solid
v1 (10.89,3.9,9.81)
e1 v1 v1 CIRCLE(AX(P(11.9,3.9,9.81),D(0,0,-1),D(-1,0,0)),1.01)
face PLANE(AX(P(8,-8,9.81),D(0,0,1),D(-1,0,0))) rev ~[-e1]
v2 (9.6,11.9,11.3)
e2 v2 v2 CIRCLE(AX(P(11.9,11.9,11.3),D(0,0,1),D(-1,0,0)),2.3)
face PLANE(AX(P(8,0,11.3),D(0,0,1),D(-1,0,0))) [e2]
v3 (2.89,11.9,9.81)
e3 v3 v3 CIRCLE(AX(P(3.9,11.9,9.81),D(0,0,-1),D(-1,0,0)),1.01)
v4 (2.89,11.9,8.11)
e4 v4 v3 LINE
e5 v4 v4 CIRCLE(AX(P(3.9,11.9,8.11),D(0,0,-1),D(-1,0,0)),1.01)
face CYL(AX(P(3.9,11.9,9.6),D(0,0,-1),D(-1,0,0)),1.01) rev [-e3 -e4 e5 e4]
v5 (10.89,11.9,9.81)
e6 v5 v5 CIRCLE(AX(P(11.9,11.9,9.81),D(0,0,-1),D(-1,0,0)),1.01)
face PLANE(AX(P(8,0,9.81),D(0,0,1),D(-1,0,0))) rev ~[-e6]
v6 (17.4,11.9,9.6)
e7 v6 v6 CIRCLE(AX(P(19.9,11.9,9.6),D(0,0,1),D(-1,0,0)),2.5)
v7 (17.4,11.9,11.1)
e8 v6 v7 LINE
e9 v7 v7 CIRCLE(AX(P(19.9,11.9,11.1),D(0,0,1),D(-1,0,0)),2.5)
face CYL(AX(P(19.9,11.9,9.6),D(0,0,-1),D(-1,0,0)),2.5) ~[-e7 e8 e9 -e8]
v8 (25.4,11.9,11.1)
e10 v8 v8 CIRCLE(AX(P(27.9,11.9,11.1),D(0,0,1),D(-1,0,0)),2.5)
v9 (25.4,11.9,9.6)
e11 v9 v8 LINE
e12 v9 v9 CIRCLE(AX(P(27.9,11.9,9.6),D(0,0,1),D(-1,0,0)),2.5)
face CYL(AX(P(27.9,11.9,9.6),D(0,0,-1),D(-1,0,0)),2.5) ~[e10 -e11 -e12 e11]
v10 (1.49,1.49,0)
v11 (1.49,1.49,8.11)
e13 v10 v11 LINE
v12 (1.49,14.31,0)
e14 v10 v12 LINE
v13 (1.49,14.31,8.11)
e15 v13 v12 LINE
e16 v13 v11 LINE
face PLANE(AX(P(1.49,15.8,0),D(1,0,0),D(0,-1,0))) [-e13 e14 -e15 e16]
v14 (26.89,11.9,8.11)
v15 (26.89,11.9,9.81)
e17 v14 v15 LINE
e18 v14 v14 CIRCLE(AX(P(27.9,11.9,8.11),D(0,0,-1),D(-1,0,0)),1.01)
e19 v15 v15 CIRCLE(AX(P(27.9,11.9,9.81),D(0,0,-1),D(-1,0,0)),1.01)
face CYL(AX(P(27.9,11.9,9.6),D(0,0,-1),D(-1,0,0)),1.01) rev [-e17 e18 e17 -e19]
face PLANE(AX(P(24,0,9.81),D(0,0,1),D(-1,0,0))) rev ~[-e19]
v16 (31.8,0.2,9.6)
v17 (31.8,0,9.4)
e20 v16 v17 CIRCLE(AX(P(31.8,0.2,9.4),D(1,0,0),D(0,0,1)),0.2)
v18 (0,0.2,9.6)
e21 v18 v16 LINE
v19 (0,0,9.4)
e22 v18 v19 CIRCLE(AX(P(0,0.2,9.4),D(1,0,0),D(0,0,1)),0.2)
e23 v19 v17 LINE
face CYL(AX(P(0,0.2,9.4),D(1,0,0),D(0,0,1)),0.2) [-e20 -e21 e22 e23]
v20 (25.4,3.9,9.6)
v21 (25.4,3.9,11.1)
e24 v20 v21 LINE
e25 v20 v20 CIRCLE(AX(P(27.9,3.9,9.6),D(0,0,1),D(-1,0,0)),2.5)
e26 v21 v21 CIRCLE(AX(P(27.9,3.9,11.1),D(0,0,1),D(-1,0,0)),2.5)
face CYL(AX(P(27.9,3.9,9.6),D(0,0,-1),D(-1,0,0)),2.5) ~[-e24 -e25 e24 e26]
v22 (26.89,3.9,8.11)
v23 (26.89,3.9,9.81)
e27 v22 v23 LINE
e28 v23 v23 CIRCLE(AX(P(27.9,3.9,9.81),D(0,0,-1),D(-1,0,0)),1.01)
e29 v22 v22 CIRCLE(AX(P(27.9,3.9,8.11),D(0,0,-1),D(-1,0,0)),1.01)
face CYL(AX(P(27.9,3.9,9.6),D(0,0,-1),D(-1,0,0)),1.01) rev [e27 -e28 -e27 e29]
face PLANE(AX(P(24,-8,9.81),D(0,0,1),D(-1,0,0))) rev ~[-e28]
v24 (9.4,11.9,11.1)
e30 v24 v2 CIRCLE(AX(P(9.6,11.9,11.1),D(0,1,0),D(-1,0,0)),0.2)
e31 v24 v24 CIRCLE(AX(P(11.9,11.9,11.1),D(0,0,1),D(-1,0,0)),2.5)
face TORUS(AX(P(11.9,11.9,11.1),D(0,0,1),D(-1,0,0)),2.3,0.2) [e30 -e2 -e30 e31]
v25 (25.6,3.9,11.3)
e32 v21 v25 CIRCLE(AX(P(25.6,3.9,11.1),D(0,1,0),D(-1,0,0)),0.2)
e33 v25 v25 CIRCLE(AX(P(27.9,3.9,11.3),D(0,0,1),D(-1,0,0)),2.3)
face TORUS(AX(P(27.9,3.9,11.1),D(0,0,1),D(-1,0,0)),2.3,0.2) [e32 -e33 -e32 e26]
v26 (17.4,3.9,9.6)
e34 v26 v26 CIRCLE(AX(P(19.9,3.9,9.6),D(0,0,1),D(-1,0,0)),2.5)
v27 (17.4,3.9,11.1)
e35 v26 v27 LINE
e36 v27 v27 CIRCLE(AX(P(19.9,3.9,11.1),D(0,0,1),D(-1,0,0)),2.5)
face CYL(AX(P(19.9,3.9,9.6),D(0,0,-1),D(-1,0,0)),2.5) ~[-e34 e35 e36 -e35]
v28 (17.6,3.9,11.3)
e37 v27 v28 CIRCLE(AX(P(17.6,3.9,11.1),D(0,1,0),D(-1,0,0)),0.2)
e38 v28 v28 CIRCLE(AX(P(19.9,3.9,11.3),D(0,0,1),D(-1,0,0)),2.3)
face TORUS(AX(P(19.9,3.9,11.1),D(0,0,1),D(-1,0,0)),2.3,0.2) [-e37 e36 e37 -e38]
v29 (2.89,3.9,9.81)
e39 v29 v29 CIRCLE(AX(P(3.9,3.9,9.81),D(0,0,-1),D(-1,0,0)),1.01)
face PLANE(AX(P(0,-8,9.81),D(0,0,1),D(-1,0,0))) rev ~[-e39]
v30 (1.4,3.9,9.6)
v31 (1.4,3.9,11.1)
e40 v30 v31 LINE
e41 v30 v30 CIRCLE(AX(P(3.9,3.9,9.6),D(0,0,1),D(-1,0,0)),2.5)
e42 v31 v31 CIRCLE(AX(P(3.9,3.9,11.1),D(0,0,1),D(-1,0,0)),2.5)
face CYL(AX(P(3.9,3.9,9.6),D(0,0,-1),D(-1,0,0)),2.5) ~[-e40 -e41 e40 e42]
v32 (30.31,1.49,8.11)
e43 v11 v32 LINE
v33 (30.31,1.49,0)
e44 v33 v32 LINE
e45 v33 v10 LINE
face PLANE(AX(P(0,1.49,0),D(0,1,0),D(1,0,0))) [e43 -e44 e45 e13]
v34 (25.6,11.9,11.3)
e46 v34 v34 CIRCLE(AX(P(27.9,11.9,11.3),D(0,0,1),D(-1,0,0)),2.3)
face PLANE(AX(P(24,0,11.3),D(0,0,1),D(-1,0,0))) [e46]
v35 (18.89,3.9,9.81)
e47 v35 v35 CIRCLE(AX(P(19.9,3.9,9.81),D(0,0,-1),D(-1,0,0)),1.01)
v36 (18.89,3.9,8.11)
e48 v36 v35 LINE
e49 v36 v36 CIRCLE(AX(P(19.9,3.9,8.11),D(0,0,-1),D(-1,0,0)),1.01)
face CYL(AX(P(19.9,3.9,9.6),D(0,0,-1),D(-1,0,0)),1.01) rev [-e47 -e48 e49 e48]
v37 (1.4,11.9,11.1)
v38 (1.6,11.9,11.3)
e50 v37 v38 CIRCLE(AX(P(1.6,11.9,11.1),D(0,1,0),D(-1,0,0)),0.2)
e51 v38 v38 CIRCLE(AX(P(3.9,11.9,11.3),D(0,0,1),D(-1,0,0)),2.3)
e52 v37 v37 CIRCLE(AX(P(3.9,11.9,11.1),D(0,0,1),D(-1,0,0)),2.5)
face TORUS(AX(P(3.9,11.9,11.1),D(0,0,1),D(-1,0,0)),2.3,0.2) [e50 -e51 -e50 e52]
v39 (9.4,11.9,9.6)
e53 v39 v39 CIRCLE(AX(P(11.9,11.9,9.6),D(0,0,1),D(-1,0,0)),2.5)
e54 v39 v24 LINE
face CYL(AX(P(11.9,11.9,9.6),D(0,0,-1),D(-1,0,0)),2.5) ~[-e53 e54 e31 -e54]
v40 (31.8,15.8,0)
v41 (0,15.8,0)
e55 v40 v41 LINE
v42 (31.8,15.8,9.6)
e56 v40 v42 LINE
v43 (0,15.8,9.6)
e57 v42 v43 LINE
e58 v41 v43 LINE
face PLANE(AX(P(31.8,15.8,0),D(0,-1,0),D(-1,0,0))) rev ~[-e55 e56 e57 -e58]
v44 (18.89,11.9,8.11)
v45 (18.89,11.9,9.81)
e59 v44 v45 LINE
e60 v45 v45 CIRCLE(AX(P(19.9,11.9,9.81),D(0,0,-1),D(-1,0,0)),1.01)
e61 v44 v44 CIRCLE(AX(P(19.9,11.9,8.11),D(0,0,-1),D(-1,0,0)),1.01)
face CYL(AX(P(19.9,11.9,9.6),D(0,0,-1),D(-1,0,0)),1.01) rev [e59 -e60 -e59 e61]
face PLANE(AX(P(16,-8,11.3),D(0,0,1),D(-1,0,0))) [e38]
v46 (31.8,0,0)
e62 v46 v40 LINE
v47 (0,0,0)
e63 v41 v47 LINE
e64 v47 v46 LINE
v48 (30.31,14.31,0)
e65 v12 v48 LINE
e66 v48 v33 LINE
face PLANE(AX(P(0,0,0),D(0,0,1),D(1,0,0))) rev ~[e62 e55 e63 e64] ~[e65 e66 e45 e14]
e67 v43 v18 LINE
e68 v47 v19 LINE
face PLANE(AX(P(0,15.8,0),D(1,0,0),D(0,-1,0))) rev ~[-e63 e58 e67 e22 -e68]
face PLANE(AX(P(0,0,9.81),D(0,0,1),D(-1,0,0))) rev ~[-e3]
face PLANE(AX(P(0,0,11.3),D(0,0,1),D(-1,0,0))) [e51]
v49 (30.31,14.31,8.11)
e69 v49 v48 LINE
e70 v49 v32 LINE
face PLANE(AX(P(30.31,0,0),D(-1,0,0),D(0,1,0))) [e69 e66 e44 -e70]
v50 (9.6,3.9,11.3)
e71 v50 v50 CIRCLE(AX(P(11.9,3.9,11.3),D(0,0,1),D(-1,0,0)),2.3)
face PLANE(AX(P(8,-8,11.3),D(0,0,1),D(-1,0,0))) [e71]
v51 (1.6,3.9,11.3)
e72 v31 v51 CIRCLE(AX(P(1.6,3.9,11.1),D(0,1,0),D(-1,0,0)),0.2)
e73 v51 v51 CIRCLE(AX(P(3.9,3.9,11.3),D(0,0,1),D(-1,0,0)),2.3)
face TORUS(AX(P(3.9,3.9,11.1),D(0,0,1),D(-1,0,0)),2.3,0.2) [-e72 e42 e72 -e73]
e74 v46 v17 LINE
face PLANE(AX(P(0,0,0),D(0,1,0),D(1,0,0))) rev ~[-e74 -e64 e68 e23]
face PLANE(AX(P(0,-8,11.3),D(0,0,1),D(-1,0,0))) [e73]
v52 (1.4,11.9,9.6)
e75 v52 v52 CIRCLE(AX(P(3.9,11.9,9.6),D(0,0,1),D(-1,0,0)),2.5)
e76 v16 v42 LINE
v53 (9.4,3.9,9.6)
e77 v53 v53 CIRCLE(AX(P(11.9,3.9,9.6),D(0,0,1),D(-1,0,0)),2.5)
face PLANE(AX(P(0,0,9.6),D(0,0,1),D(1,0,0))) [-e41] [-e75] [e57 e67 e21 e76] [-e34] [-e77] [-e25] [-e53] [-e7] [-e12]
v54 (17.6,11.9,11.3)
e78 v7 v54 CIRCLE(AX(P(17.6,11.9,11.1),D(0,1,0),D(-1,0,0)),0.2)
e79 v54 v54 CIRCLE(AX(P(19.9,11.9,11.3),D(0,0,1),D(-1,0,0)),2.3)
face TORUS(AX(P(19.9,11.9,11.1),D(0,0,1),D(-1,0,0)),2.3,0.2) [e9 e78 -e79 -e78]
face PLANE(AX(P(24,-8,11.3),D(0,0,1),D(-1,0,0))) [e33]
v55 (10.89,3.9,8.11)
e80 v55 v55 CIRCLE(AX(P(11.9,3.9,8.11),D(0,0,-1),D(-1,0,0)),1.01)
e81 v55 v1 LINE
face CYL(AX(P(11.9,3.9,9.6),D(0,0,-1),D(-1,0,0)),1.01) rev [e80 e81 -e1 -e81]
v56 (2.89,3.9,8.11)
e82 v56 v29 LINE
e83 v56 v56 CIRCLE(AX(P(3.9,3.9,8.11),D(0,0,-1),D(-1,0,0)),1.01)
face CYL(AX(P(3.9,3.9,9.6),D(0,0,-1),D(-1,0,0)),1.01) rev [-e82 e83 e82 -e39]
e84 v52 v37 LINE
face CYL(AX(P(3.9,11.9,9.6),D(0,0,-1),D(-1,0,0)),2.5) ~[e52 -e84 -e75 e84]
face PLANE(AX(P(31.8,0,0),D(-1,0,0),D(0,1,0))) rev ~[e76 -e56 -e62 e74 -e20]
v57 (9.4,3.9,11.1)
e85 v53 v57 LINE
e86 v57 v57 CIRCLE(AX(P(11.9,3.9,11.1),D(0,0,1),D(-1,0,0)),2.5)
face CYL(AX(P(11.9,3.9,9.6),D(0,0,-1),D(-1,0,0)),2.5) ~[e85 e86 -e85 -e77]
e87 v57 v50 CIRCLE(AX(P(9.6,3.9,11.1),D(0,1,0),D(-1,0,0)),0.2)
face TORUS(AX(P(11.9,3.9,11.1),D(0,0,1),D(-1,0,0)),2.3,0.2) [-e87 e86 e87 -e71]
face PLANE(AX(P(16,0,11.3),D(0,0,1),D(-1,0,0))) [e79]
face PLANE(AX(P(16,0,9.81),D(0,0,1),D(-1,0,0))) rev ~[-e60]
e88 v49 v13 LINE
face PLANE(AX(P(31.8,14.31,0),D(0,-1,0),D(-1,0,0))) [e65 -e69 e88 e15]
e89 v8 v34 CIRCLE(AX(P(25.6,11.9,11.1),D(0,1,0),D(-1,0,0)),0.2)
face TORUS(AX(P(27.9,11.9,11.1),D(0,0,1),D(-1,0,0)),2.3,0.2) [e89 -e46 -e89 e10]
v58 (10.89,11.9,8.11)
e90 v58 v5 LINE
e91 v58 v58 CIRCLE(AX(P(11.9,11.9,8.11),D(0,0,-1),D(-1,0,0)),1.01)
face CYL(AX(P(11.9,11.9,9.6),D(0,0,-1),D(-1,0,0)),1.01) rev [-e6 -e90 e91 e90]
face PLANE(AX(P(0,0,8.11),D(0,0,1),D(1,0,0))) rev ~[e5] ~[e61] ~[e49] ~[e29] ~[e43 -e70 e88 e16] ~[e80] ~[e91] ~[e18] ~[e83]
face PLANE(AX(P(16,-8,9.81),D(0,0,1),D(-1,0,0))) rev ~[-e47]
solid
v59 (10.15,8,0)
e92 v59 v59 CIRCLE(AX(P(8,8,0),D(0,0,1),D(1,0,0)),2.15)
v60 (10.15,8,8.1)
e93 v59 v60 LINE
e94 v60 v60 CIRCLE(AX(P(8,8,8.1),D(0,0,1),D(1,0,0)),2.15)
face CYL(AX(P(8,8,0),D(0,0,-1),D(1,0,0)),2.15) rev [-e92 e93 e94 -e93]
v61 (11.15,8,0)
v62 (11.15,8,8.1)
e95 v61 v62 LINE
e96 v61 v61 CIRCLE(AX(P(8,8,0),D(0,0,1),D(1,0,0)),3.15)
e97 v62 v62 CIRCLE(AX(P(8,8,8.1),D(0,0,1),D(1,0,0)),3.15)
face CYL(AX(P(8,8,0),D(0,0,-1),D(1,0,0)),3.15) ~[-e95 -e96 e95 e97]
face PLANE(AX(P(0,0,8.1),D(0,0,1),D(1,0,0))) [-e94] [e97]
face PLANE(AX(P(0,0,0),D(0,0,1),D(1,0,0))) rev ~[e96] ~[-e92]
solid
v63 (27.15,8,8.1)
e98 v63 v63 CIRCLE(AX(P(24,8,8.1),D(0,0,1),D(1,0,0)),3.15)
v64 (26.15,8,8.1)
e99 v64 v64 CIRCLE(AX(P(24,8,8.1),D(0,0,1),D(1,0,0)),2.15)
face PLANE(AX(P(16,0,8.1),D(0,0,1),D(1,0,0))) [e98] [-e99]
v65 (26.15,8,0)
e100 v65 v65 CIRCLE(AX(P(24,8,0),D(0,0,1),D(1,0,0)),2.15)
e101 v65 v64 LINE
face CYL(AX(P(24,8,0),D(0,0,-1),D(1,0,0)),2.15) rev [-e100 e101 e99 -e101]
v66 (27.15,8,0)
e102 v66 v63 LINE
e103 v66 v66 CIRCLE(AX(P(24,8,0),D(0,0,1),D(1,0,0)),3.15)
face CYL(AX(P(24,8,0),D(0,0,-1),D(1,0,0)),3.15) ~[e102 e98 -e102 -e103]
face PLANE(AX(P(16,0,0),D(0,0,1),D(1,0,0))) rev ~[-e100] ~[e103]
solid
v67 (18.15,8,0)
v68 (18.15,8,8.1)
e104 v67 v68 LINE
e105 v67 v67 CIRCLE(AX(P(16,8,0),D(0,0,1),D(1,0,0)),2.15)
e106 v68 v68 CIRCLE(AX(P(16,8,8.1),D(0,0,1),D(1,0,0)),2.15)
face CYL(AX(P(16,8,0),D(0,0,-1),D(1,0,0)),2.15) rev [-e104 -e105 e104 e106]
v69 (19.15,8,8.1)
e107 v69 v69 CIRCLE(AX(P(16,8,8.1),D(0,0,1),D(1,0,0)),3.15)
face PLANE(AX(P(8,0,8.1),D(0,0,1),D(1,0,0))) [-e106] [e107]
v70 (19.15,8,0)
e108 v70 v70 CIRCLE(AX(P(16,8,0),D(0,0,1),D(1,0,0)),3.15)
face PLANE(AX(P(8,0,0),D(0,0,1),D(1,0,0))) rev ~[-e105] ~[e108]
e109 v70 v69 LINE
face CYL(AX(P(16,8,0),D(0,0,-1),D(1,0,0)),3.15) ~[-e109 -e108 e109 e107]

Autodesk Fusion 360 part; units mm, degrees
sketch "Sketch1" plane through (0, 0, 0) normal (0, 0, 1) x (1, 0, 0) in component "2x8 block"
  line L0 (0, 0) -> (31.8, 0)
  line L1 (31.8, 0) -> (31.8, 15.8)
  line L2 (31.8, 15.8) -> (0, 15.8)
  line L3 (0, 15.8) -> (0, 0)
  dimension "d1" = 31.8
  dimension "d2" = 15.8
extrude "Extrude1" add sketch "Sketch1" along normal blind 9.6 makes body 1 in component "2x8 block"
sketch "Sketch2" plane through (0, 0, 9.6) normal (0, 0, 1) x (-1, 0, 0) in component "2x8 block"
  line L0 (0, -15.8) -> (0, 0)
  line L1 (0, 0) -> (-31.8, 0)
  line L2 (-31.8, 0) -> (-31.8, -15.8)
  line L3 (-31.8, -15.8) -> (0, -15.8)
  circle A0 centre (-3.9, -11.9) radius 2.5
  line L4 (-31.8, -15.8) -> (0, -15.8)
  line L5 (0, -15.8) -> (0, 0)
  dimension "d5" = 5
  dimension "d6" = 3.9
  dimension "d7" = 3.9
extrude "Extrude2" add sketch "Sketch2" along normal blind 1.7 contours A0 bodies 1 in component "2x8 block"
pattern_linear "R-Pattern1" count 2 spacing 8 along (0, -1, 0) count 4 spacing 8 along (1, 0, 0) of "Extrude2" in component "2x8 block"
shell "Shell1" thickness 1.49 removed faces 1 at (21.2, 5.2667, 0) on bodies 1 in component "2x8 block"
sketch "Sketch3" plane through (0, 0, 0) normal (0, 0, 1) x (1, 0, 0) in component "2x8 block"
  line L0 (12, 4) -> (4, 12) construction
  circle A0 centre (8, 8) radius 3.15
  circle A1 centre (8, 8) radius 2.15
  dimension "d15" = 6.3
  dimension "d16" = -1
extrude "Extrude4" add sketch "Sketch3" along normal blind 8.1 separate body makes body 2 in component "2x8 block"
pattern_linear "R-Pattern2" count 3 spacing 8 along (1, 0, 0) of "Extrude4" makes body 3 makes body 4 in component "2x8 block"
fillet "Fillet1" radius 0.2 8 edges at (6.2308, 12.804, 11.3) (14.2308, 12.804, 11.3) (22.2308, 12.804, 11.3) (30.2308, 12.804, 11.3) (30.2308, 4.804, 11.3) (22.2308, 4.804, 11.3) (14.2308, 4.804, 11.3) (6.2308, 4.804, 11.3) on bodies 1 in component "2x8 block"
fillet "Fillet2" radius 0.2 1 edges at (15.9, 0, 9.6) on bodies 1 in component "2x8 block"
component "2x8 block" placed x (1, 0, 0) y (0, 1, 0) z (0, 0, 1) at (0, 0, 0)
